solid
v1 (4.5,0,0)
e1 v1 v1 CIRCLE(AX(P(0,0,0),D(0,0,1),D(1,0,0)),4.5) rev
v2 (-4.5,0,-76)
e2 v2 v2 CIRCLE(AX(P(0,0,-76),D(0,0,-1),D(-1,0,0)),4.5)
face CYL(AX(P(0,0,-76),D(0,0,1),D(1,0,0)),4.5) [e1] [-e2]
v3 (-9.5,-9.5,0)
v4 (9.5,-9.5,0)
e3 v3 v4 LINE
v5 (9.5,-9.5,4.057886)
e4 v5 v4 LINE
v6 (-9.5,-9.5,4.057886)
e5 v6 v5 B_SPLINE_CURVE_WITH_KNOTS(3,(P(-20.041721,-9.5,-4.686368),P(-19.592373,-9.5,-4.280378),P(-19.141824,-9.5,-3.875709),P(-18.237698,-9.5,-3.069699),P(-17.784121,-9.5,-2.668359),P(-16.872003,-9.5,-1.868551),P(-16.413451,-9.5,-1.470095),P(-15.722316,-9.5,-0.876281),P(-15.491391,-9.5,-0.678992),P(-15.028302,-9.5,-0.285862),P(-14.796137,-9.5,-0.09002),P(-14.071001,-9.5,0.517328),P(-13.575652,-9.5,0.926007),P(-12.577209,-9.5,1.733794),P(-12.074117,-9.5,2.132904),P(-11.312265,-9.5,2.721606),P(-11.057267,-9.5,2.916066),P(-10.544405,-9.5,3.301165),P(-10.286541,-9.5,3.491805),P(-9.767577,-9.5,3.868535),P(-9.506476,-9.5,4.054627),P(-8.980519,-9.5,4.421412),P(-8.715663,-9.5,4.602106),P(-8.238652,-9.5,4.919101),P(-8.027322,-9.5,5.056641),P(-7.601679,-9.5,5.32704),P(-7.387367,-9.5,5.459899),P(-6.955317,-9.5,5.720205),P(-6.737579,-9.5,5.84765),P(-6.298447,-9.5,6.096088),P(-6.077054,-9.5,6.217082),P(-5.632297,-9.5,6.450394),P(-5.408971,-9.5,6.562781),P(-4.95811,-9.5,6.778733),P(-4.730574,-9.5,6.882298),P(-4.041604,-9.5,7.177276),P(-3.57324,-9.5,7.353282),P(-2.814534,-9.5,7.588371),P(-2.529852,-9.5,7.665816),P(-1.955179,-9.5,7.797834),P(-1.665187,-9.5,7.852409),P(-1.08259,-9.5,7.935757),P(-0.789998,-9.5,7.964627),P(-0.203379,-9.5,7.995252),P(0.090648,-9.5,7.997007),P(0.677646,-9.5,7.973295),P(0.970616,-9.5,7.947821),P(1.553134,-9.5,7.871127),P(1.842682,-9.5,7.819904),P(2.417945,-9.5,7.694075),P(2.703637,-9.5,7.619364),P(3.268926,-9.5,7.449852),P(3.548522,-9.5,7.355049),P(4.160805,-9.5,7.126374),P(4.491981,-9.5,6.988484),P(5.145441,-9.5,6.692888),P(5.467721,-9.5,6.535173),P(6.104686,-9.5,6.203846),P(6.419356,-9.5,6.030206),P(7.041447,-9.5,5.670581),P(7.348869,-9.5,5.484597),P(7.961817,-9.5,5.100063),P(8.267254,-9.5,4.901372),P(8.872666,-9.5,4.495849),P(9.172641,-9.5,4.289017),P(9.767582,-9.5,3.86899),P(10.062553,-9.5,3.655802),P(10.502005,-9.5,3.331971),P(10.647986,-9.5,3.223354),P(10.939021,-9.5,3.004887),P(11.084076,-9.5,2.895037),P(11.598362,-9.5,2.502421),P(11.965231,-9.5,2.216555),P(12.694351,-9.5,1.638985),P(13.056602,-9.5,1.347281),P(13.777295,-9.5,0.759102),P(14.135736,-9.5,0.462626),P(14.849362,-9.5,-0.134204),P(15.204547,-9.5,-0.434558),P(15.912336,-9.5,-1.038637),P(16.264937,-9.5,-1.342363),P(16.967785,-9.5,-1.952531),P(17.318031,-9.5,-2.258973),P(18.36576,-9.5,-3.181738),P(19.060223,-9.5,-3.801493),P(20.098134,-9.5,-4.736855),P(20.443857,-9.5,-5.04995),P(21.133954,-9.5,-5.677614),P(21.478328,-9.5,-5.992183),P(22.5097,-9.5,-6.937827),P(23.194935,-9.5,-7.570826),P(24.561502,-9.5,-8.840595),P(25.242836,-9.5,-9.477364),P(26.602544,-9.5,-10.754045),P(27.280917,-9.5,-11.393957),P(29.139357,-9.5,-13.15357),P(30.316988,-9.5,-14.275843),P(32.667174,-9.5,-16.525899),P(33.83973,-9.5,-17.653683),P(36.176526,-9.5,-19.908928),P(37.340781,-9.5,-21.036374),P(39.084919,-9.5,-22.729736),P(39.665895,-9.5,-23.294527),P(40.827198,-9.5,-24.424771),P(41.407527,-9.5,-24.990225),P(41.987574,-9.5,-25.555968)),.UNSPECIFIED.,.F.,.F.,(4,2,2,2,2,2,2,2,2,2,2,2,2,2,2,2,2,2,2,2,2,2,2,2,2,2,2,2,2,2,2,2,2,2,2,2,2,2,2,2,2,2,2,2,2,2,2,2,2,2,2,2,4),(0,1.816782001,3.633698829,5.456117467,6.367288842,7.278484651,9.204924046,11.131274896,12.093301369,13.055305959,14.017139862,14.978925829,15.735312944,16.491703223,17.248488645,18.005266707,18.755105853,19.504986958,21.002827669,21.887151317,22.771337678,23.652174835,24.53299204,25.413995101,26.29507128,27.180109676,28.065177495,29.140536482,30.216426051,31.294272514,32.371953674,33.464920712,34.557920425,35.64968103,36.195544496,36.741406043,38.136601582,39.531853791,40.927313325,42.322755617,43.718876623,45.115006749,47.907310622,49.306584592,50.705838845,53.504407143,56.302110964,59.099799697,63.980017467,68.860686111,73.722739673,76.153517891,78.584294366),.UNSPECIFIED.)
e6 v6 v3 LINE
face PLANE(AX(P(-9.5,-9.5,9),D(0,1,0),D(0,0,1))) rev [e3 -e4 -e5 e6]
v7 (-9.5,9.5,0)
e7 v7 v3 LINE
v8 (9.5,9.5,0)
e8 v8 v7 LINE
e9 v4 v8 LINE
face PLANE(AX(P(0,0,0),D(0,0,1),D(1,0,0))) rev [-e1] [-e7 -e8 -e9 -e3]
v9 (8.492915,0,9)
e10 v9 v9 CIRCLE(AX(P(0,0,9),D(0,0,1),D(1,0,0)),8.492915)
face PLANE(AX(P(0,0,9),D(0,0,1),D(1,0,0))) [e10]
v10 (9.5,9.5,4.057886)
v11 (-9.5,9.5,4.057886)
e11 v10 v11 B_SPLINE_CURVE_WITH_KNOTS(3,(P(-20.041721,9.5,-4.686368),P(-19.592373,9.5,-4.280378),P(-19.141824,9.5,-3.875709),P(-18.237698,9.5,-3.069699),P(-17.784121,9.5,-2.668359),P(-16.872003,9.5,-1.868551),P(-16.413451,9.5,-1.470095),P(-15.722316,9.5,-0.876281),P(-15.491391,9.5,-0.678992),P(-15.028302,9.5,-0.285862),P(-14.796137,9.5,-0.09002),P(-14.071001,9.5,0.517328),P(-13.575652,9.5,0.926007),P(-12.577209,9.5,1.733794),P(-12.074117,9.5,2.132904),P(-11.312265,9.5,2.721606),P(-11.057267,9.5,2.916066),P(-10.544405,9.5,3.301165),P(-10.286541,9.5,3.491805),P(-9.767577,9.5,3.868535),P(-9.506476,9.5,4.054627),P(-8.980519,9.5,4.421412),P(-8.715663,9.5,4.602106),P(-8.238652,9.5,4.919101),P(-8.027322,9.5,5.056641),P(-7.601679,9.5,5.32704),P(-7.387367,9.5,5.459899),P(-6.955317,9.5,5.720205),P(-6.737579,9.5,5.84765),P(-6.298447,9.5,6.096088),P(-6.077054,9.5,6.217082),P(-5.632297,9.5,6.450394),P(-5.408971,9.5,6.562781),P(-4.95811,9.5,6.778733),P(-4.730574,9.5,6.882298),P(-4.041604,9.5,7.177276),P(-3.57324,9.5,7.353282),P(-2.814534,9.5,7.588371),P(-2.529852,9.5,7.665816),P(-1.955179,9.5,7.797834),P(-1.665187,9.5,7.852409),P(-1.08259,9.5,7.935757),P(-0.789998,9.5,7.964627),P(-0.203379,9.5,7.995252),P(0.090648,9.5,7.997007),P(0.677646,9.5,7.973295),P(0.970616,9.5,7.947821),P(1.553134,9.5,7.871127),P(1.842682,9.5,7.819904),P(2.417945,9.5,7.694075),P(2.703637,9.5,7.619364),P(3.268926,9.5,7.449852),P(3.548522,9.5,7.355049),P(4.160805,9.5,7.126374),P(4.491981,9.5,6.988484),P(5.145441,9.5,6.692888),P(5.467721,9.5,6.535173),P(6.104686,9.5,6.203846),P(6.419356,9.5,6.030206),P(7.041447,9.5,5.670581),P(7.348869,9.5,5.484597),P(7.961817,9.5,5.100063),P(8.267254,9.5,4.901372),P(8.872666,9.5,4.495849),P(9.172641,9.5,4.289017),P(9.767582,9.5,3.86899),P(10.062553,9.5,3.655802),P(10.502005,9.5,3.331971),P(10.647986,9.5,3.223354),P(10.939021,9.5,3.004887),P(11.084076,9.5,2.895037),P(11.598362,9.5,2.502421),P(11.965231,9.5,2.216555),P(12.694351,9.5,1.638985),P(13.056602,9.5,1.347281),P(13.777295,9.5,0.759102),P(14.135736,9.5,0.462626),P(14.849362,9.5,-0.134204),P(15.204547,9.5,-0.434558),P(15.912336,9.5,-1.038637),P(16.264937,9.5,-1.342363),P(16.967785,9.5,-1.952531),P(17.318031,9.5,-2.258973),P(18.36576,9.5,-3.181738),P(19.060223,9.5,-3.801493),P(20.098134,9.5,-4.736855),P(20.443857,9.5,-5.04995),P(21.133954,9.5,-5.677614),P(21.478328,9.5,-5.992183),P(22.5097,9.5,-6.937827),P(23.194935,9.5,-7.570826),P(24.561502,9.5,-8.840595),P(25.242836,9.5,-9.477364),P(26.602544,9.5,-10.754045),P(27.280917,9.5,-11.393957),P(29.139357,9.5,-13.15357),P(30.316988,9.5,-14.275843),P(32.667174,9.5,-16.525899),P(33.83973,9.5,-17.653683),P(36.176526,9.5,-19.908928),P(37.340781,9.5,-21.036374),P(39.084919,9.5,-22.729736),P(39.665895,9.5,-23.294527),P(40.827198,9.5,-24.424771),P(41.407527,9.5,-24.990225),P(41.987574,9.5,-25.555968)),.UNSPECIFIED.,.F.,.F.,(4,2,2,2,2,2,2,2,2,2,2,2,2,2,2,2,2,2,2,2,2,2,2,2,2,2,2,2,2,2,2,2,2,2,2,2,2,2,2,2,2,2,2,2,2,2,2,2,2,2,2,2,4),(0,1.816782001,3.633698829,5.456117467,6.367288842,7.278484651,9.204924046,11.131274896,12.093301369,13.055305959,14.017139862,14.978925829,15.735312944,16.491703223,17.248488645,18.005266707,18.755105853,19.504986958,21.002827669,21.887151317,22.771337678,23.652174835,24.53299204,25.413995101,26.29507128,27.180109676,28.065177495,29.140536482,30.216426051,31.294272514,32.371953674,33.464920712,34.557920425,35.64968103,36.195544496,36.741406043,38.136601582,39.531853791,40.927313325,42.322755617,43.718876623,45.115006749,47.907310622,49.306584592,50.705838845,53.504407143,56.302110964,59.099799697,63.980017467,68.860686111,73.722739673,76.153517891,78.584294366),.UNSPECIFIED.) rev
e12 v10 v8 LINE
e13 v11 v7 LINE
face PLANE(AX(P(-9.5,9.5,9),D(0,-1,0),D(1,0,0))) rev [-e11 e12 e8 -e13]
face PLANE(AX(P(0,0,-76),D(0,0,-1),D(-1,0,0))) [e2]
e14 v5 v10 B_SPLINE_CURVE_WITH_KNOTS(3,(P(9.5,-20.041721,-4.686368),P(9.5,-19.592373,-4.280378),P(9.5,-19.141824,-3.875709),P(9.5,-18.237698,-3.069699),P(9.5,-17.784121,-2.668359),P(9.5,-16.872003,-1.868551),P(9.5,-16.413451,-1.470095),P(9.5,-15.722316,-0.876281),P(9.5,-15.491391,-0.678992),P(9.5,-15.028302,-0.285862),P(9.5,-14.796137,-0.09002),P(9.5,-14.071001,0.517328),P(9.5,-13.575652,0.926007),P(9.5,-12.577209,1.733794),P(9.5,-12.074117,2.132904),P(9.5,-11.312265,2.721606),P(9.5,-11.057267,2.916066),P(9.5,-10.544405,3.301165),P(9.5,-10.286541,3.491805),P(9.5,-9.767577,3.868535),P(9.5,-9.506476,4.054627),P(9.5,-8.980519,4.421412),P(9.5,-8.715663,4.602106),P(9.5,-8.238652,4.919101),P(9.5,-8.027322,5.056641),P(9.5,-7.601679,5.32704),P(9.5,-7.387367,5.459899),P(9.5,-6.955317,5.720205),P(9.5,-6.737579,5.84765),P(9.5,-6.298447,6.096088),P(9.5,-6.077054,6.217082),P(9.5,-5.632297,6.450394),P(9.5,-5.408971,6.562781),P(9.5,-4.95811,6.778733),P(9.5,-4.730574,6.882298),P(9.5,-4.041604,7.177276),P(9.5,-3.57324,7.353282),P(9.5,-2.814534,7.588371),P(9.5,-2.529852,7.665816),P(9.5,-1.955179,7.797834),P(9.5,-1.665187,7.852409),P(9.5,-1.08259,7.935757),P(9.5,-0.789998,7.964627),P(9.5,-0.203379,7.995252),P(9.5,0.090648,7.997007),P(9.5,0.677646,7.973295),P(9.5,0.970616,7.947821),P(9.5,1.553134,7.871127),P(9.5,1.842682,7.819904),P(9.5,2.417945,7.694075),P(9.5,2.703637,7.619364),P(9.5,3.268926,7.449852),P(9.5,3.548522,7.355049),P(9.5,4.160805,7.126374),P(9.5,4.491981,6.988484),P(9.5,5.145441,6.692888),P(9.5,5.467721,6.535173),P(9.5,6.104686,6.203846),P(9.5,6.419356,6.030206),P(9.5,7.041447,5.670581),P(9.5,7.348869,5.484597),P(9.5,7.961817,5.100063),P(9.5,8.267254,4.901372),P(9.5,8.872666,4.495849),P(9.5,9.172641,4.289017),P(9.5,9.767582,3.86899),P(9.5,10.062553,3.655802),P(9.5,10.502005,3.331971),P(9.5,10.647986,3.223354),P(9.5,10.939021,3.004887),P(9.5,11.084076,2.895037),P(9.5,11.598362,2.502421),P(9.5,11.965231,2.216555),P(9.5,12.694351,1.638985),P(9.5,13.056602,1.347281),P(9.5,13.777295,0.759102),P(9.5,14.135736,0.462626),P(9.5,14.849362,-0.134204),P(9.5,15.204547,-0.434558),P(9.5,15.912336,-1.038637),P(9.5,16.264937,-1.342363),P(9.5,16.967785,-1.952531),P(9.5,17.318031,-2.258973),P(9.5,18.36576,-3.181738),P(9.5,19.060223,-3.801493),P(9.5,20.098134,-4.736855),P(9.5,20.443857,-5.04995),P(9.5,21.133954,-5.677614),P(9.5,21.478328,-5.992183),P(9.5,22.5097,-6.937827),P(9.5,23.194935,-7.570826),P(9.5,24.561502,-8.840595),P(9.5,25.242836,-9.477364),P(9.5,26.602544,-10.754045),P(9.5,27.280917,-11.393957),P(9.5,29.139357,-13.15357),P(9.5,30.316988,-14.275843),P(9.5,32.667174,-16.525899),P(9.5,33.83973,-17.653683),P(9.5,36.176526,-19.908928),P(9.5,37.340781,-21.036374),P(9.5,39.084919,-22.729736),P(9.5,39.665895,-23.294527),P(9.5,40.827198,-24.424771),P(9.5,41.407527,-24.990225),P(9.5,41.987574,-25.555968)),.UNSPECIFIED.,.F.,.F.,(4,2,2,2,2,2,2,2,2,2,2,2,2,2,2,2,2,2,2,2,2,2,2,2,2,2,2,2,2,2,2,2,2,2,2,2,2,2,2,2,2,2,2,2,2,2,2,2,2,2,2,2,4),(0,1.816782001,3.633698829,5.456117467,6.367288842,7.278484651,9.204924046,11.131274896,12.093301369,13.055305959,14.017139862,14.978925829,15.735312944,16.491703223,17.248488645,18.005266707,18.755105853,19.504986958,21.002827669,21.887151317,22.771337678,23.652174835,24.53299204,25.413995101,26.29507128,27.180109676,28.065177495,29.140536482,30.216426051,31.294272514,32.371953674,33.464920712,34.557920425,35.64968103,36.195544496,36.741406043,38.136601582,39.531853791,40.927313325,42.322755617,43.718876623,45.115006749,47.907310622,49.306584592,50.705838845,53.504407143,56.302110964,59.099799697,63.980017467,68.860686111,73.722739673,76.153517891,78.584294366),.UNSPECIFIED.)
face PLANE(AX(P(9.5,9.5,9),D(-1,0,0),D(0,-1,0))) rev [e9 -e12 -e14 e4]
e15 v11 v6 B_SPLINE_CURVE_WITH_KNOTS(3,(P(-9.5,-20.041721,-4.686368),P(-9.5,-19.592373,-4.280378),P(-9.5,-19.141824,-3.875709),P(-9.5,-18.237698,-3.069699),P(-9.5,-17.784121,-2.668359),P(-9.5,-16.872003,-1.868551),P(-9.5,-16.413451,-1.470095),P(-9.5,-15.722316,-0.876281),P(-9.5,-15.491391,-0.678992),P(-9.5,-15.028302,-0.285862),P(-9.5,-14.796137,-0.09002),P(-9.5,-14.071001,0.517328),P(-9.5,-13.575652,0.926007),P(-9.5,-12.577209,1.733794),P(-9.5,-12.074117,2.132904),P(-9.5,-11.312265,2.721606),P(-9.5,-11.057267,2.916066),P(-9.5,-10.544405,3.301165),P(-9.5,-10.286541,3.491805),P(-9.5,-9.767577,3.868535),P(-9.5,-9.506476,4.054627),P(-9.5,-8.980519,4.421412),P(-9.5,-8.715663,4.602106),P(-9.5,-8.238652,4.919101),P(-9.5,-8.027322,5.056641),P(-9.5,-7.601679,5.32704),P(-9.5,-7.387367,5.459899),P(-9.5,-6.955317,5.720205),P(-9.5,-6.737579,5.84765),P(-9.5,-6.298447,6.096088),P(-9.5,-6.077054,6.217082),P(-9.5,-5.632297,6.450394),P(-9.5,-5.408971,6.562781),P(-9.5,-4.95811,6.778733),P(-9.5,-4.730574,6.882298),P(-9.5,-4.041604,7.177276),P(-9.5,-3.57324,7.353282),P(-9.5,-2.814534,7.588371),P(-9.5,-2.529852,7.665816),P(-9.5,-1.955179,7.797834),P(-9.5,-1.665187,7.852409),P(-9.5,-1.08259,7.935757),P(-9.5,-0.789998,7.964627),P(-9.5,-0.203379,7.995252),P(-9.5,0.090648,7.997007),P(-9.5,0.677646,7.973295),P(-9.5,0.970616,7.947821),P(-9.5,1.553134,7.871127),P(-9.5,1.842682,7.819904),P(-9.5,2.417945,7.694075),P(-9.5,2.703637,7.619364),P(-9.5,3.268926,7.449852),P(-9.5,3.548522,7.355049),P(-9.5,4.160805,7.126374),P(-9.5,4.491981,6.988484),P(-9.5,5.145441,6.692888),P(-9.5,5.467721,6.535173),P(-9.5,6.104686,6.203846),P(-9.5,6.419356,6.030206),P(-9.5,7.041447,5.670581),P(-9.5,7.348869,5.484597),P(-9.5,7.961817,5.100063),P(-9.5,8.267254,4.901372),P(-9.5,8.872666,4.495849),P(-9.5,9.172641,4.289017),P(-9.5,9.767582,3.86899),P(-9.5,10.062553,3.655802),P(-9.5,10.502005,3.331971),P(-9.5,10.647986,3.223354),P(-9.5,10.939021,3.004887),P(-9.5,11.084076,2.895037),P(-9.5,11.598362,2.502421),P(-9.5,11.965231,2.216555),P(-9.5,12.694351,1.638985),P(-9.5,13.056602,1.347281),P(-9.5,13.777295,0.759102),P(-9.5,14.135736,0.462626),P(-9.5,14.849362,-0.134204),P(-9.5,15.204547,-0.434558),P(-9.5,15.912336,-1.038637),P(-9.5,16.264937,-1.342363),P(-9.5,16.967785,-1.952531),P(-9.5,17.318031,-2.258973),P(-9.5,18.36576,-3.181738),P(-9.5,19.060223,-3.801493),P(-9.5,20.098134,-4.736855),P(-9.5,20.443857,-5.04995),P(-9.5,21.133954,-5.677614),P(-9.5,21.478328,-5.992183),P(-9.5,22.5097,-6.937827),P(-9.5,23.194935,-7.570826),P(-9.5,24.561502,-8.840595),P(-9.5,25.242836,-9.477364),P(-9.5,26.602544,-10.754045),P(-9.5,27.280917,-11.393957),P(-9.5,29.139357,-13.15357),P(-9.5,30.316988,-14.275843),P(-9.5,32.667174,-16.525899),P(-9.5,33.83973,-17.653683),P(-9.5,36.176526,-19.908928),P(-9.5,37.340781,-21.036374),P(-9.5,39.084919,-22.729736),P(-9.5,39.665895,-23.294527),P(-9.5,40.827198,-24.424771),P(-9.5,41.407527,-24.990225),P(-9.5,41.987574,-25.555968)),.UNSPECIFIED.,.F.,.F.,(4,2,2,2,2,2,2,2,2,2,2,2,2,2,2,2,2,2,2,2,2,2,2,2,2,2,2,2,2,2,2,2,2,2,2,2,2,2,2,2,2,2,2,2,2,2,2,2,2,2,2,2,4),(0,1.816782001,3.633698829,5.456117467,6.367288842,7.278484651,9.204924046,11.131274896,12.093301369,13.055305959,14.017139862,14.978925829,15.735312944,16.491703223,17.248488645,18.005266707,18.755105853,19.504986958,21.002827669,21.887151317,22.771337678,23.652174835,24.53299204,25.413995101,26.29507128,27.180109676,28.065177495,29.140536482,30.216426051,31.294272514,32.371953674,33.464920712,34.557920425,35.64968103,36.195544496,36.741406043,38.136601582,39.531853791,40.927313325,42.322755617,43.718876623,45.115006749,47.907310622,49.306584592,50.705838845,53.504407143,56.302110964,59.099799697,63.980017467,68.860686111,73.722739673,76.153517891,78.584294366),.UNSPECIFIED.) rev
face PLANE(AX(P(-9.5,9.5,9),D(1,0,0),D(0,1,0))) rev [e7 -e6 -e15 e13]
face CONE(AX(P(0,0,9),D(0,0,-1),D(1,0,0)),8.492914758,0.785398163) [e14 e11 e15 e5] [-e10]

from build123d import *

# Parameters (mm, degrees)
SKETCH1_W           = 19
SKETCH1_H           = 19
BOSS_EXTRUDE1_DEPTH = 9
SKETCH2_OUTSIDE_W   = 44.668
SKETCH2_OUTSIDE_H   = 44.668
SKETCH2_OUTSIDE_R   = 8.492914758
CUT_EXTRUDE1_DEPTH  = 9
CUT_EXTRUDE1_DRAFT  = -45
SKETCH3_R           = 4.5
BOSS_EXTRUDE2_DEPTH = 76


with BuildPart() as part:
    # Sketch1 → Boss-Extrude1 (new body)
    with BuildSketch(Plane.XY):
        Rectangle(SKETCH1_W, SKETCH1_H)
    extrude(amount=BOSS_EXTRUDE1_DEPTH)


with BuildPart() as cut_extrude1_tool:
    # Sketch2 outside → Cut-Extrude1 (with draft: the straight prism first)
    with BuildSketch(Plane.XY.offset(9)):
        Rectangle(SKETCH2_OUTSIDE_W, SKETCH2_OUTSIDE_H)
        Circle(SKETCH2_OUTSIDE_R, mode=Mode.SUBTRACT)
    extrude(amount=-CUT_EXTRUDE1_DEPTH)
    # Cut-Extrude1: the draft: its side faces are tilted about the plane it starts from
    cut_extrude1_sides = [cut_extrude1_tool.faces().sort_by_distance(p)[0] for p in [
        (0, -22.334, 4.5),
        (22.334, 0, 4.5),
        (0, 22.334, 4.5),
        (-22.334, 0, 4.5),
        (-8.492914758, 0, 4.5),
    ]]
    draft(cut_extrude1_sides, Plane.XY.offset(9), CUT_EXTRUDE1_DRAFT)


with BuildPart() as part_1:
    add(part.part)

    # Cut-Extrude1: cut by cut_extrude1_tool
    add(cut_extrude1_tool.part, mode=Mode.SUBTRACT)

    # Sketch3 → Boss-Extrude2 (add)
    with BuildSketch(Plane(origin=(0, 0, 0), x_dir=(-1, 0, 0), z_dir=(0, 0, -1))):
        with Locations(Location((0, 0, 0), (0, 0, 180))):  # turned: the seam where the file's is
            Circle(SKETCH3_R)
    extrude(amount=BOSS_EXTRUDE2_DEPTH)


solid = part_1.part
